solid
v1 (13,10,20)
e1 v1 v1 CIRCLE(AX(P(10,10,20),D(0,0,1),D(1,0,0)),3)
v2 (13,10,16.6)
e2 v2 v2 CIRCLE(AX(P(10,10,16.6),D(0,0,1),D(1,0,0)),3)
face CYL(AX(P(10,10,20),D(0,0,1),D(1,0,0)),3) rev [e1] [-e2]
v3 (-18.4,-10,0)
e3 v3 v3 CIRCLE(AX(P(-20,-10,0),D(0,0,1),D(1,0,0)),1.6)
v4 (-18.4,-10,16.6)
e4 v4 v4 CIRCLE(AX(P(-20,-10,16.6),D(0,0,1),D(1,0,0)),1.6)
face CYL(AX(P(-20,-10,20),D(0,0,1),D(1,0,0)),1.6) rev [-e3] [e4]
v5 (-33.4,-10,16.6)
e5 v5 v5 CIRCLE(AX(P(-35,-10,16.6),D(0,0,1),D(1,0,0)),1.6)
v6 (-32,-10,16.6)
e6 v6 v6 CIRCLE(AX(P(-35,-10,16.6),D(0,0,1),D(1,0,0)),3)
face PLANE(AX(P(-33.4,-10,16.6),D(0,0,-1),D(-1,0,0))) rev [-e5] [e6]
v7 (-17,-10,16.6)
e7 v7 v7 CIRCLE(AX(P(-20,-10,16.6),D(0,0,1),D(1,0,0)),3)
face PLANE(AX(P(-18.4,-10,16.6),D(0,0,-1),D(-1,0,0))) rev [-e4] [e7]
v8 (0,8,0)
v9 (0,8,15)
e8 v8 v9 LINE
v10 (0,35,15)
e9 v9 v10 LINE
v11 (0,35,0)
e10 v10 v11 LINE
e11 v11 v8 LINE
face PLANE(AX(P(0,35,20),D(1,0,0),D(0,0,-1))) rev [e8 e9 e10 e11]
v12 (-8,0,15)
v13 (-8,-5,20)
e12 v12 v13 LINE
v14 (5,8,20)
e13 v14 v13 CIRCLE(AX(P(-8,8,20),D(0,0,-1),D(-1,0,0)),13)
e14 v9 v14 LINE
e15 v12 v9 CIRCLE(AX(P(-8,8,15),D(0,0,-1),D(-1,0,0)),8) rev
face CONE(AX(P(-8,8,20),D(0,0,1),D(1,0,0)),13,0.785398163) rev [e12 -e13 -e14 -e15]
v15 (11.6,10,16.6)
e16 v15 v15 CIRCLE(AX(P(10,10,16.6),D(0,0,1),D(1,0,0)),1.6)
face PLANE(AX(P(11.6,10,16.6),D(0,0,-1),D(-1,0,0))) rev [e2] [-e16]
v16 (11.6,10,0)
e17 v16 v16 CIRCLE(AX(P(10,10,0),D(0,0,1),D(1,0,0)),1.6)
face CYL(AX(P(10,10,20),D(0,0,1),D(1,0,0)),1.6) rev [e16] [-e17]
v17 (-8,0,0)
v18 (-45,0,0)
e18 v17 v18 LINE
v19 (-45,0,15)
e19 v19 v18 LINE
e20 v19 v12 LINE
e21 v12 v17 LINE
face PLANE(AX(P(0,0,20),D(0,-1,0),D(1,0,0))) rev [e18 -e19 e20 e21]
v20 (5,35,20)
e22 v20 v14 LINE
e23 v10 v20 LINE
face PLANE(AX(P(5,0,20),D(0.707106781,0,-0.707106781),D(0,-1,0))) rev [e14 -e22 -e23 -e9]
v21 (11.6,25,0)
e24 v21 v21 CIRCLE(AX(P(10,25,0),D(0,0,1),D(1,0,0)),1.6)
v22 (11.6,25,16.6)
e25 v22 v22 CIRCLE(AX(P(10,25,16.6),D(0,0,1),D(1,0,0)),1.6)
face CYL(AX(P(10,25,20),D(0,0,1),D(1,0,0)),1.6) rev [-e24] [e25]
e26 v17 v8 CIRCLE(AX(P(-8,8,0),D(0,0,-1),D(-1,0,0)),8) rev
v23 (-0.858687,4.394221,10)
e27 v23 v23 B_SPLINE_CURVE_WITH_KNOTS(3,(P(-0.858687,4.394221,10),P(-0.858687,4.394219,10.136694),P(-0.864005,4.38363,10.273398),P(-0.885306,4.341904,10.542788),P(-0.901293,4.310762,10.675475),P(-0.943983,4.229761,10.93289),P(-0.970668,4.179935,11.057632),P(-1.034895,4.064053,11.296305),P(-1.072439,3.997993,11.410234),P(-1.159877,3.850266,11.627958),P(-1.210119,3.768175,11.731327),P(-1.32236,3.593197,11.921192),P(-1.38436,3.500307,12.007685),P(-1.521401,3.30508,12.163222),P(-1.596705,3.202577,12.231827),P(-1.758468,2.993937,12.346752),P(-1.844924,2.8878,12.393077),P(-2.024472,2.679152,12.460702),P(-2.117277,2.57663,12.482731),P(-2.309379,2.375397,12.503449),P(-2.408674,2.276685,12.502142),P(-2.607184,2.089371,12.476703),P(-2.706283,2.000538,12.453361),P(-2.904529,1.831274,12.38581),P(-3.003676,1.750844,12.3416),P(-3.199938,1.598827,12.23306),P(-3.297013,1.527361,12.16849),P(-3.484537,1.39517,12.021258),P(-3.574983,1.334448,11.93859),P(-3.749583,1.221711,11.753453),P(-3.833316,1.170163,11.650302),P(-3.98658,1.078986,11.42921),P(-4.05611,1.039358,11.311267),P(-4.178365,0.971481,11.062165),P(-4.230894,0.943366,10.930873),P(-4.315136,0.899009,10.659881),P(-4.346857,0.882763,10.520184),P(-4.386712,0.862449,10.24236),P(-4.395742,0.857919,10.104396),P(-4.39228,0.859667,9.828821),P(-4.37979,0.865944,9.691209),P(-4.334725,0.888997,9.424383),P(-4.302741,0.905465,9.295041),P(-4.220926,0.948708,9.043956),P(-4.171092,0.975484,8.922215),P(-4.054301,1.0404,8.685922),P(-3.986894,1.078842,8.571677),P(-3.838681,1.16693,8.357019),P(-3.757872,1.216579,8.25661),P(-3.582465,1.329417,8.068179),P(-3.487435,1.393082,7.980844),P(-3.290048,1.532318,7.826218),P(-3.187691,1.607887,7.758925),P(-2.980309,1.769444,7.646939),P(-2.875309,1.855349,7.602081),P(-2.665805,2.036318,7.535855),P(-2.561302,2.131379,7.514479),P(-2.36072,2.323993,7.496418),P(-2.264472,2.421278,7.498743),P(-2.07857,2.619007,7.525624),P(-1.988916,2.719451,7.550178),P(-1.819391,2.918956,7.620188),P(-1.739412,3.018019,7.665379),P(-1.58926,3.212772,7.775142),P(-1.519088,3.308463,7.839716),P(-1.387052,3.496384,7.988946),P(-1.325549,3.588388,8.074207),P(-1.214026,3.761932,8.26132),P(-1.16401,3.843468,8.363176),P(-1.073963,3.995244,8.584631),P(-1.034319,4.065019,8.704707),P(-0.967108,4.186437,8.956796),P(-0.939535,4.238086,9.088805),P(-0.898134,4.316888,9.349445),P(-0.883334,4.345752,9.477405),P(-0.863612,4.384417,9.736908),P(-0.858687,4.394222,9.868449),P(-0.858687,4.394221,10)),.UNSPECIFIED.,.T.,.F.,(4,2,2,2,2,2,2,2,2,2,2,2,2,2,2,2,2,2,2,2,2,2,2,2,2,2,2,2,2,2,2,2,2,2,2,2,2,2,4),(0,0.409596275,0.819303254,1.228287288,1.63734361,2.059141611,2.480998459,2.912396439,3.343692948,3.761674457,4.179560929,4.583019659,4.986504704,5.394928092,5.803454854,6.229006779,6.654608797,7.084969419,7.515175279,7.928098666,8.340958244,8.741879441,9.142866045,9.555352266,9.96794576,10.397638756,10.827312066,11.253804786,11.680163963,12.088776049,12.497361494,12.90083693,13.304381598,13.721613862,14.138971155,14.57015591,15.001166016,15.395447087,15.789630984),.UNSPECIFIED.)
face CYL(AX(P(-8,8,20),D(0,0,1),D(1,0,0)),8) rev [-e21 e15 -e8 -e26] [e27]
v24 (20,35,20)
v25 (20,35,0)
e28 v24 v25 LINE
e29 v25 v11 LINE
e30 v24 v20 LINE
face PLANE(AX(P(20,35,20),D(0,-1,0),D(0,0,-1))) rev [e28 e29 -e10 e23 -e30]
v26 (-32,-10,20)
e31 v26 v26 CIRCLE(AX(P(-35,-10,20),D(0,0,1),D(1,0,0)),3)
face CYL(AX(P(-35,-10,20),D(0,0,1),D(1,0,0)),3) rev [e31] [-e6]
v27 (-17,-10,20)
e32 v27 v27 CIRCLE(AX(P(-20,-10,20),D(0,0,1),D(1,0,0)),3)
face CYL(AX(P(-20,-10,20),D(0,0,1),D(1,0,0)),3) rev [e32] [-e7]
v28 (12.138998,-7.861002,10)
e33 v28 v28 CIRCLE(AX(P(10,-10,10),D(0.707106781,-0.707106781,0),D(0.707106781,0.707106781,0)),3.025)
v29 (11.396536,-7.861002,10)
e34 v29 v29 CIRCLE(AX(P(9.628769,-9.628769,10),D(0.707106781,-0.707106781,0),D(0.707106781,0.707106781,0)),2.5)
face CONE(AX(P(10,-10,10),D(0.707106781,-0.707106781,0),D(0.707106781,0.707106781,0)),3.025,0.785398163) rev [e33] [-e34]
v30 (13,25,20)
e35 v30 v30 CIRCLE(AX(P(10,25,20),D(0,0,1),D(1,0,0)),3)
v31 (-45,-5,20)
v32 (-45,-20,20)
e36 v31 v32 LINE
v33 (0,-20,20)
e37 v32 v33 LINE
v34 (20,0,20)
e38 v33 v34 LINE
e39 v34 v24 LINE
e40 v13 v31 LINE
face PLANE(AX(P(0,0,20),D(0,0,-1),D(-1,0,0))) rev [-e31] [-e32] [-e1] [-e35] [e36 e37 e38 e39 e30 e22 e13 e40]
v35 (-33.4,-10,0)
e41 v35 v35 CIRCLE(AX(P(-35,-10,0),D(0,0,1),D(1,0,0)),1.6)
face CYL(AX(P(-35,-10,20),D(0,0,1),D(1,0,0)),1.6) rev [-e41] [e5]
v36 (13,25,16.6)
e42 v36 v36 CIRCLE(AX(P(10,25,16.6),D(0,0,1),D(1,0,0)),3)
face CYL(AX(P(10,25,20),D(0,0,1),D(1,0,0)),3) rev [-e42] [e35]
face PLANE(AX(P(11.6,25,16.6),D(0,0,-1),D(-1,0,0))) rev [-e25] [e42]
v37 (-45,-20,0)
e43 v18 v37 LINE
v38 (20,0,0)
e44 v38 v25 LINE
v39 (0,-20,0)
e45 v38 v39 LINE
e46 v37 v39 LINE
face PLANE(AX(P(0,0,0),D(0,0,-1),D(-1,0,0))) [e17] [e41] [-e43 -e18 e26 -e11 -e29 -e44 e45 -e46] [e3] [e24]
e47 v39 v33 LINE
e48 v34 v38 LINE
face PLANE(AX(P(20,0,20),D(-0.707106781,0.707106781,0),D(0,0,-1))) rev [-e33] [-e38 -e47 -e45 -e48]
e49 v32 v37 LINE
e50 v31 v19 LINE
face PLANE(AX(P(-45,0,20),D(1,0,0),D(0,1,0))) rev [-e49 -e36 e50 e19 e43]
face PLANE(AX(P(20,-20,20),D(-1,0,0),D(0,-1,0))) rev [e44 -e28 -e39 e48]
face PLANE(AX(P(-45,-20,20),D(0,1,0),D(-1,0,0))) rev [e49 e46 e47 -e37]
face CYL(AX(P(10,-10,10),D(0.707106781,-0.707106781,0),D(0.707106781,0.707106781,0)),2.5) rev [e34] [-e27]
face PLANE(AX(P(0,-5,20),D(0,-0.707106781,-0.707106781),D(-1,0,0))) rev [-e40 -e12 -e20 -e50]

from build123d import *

# Parameters (mm, degrees)
BOSS_EXTRUDE1_DEPTH                                  = 20
CBORE_FOR_M3_HEXAGON_SOCKET_HEAD_CAP_SCR_D           = 3.2
CBORE_FOR_M3_HEXAGON_SOCKET_HEAD_CAP_SCR_CBORE_D     = 6
CBORE_FOR_M3_HEXAGON_SOCKET_HEAD_CAP_SCR_CBORE_DEPTH = 3.4
FILLET1_R                                            = 8
CHAMFER1_SIZE                                        = 20
M6_TAPPED_HOLE1_D                                    = 5
M6_TAPPED_HOLE1_CSINK_D                              = 6.05
M6_TAPPED_HOLE1_CSINK_ANGLE                          = 90
CHAMFER2_SIZE                                        = 5


with BuildPart() as part:
    # Sketch1 → Boss-Extrude1 (new body)
    with BuildSketch(Plane.XY):
        Polygon((0, 0), (-45, 0), (-45, -20), (20, -20), (20, 35), (0, 35), align=None)
    extrude(amount=BOSS_EXTRUDE1_DEPTH)

    # CBORE for M3 Hexagon socket head cap screws1 (through all)
    with Locations(Plane.XY.offset(20)):
        with Locations((-35, -10), (-20, -10), (10, 25), (10, 10)):
            CounterBoreHole(CBORE_FOR_M3_HEXAGON_SOCKET_HEAD_CAP_SCR_D / 2, CBORE_FOR_M3_HEXAGON_SOCKET_HEAD_CAP_SCR_CBORE_D / 2, CBORE_FOR_M3_HEXAGON_SOCKET_HEAD_CAP_SCR_CBORE_DEPTH)

    # Fillet1
    fillet1_edges = [part.edges().sort_by_distance(p)[0] for p in [
        (0, 0, 10),
    ]]
    fillet(fillet1_edges, radius=FILLET1_R)

    # Chamfer1
    chamfer1_edges = [part.edges().sort_by_distance(p)[0] for p in [
        (20, -20, 10),
    ]]
    chamfer(chamfer1_edges, length=CHAMFER1_SIZE)

    # M6 Tapped Hole1 (through all)
    with Locations(Plane(origin=(10, -10, 0), x_dir=(-0.7071067811865495, -0.7071067811865457, 0), z_dir=(0.7071067811865457, -0.7071067811865495, 0))):
        with Locations((0, -10)):
            CounterSinkHole(M6_TAPPED_HOLE1_D / 2, M6_TAPPED_HOLE1_CSINK_D / 2, counter_sink_angle=M6_TAPPED_HOLE1_CSINK_ANGLE)

    # Chamfer2
    chamfer2_edges = [part.edges().sort_by_distance(p)[0] for p in [
        (0, 21.5, 20),
        (-26.5, 0, 20),
        (-2.343145751, 2.343145751, 20),
    ]]
    chamfer(chamfer2_edges, length=CHAMFER2_SIZE)


solid = part.part
